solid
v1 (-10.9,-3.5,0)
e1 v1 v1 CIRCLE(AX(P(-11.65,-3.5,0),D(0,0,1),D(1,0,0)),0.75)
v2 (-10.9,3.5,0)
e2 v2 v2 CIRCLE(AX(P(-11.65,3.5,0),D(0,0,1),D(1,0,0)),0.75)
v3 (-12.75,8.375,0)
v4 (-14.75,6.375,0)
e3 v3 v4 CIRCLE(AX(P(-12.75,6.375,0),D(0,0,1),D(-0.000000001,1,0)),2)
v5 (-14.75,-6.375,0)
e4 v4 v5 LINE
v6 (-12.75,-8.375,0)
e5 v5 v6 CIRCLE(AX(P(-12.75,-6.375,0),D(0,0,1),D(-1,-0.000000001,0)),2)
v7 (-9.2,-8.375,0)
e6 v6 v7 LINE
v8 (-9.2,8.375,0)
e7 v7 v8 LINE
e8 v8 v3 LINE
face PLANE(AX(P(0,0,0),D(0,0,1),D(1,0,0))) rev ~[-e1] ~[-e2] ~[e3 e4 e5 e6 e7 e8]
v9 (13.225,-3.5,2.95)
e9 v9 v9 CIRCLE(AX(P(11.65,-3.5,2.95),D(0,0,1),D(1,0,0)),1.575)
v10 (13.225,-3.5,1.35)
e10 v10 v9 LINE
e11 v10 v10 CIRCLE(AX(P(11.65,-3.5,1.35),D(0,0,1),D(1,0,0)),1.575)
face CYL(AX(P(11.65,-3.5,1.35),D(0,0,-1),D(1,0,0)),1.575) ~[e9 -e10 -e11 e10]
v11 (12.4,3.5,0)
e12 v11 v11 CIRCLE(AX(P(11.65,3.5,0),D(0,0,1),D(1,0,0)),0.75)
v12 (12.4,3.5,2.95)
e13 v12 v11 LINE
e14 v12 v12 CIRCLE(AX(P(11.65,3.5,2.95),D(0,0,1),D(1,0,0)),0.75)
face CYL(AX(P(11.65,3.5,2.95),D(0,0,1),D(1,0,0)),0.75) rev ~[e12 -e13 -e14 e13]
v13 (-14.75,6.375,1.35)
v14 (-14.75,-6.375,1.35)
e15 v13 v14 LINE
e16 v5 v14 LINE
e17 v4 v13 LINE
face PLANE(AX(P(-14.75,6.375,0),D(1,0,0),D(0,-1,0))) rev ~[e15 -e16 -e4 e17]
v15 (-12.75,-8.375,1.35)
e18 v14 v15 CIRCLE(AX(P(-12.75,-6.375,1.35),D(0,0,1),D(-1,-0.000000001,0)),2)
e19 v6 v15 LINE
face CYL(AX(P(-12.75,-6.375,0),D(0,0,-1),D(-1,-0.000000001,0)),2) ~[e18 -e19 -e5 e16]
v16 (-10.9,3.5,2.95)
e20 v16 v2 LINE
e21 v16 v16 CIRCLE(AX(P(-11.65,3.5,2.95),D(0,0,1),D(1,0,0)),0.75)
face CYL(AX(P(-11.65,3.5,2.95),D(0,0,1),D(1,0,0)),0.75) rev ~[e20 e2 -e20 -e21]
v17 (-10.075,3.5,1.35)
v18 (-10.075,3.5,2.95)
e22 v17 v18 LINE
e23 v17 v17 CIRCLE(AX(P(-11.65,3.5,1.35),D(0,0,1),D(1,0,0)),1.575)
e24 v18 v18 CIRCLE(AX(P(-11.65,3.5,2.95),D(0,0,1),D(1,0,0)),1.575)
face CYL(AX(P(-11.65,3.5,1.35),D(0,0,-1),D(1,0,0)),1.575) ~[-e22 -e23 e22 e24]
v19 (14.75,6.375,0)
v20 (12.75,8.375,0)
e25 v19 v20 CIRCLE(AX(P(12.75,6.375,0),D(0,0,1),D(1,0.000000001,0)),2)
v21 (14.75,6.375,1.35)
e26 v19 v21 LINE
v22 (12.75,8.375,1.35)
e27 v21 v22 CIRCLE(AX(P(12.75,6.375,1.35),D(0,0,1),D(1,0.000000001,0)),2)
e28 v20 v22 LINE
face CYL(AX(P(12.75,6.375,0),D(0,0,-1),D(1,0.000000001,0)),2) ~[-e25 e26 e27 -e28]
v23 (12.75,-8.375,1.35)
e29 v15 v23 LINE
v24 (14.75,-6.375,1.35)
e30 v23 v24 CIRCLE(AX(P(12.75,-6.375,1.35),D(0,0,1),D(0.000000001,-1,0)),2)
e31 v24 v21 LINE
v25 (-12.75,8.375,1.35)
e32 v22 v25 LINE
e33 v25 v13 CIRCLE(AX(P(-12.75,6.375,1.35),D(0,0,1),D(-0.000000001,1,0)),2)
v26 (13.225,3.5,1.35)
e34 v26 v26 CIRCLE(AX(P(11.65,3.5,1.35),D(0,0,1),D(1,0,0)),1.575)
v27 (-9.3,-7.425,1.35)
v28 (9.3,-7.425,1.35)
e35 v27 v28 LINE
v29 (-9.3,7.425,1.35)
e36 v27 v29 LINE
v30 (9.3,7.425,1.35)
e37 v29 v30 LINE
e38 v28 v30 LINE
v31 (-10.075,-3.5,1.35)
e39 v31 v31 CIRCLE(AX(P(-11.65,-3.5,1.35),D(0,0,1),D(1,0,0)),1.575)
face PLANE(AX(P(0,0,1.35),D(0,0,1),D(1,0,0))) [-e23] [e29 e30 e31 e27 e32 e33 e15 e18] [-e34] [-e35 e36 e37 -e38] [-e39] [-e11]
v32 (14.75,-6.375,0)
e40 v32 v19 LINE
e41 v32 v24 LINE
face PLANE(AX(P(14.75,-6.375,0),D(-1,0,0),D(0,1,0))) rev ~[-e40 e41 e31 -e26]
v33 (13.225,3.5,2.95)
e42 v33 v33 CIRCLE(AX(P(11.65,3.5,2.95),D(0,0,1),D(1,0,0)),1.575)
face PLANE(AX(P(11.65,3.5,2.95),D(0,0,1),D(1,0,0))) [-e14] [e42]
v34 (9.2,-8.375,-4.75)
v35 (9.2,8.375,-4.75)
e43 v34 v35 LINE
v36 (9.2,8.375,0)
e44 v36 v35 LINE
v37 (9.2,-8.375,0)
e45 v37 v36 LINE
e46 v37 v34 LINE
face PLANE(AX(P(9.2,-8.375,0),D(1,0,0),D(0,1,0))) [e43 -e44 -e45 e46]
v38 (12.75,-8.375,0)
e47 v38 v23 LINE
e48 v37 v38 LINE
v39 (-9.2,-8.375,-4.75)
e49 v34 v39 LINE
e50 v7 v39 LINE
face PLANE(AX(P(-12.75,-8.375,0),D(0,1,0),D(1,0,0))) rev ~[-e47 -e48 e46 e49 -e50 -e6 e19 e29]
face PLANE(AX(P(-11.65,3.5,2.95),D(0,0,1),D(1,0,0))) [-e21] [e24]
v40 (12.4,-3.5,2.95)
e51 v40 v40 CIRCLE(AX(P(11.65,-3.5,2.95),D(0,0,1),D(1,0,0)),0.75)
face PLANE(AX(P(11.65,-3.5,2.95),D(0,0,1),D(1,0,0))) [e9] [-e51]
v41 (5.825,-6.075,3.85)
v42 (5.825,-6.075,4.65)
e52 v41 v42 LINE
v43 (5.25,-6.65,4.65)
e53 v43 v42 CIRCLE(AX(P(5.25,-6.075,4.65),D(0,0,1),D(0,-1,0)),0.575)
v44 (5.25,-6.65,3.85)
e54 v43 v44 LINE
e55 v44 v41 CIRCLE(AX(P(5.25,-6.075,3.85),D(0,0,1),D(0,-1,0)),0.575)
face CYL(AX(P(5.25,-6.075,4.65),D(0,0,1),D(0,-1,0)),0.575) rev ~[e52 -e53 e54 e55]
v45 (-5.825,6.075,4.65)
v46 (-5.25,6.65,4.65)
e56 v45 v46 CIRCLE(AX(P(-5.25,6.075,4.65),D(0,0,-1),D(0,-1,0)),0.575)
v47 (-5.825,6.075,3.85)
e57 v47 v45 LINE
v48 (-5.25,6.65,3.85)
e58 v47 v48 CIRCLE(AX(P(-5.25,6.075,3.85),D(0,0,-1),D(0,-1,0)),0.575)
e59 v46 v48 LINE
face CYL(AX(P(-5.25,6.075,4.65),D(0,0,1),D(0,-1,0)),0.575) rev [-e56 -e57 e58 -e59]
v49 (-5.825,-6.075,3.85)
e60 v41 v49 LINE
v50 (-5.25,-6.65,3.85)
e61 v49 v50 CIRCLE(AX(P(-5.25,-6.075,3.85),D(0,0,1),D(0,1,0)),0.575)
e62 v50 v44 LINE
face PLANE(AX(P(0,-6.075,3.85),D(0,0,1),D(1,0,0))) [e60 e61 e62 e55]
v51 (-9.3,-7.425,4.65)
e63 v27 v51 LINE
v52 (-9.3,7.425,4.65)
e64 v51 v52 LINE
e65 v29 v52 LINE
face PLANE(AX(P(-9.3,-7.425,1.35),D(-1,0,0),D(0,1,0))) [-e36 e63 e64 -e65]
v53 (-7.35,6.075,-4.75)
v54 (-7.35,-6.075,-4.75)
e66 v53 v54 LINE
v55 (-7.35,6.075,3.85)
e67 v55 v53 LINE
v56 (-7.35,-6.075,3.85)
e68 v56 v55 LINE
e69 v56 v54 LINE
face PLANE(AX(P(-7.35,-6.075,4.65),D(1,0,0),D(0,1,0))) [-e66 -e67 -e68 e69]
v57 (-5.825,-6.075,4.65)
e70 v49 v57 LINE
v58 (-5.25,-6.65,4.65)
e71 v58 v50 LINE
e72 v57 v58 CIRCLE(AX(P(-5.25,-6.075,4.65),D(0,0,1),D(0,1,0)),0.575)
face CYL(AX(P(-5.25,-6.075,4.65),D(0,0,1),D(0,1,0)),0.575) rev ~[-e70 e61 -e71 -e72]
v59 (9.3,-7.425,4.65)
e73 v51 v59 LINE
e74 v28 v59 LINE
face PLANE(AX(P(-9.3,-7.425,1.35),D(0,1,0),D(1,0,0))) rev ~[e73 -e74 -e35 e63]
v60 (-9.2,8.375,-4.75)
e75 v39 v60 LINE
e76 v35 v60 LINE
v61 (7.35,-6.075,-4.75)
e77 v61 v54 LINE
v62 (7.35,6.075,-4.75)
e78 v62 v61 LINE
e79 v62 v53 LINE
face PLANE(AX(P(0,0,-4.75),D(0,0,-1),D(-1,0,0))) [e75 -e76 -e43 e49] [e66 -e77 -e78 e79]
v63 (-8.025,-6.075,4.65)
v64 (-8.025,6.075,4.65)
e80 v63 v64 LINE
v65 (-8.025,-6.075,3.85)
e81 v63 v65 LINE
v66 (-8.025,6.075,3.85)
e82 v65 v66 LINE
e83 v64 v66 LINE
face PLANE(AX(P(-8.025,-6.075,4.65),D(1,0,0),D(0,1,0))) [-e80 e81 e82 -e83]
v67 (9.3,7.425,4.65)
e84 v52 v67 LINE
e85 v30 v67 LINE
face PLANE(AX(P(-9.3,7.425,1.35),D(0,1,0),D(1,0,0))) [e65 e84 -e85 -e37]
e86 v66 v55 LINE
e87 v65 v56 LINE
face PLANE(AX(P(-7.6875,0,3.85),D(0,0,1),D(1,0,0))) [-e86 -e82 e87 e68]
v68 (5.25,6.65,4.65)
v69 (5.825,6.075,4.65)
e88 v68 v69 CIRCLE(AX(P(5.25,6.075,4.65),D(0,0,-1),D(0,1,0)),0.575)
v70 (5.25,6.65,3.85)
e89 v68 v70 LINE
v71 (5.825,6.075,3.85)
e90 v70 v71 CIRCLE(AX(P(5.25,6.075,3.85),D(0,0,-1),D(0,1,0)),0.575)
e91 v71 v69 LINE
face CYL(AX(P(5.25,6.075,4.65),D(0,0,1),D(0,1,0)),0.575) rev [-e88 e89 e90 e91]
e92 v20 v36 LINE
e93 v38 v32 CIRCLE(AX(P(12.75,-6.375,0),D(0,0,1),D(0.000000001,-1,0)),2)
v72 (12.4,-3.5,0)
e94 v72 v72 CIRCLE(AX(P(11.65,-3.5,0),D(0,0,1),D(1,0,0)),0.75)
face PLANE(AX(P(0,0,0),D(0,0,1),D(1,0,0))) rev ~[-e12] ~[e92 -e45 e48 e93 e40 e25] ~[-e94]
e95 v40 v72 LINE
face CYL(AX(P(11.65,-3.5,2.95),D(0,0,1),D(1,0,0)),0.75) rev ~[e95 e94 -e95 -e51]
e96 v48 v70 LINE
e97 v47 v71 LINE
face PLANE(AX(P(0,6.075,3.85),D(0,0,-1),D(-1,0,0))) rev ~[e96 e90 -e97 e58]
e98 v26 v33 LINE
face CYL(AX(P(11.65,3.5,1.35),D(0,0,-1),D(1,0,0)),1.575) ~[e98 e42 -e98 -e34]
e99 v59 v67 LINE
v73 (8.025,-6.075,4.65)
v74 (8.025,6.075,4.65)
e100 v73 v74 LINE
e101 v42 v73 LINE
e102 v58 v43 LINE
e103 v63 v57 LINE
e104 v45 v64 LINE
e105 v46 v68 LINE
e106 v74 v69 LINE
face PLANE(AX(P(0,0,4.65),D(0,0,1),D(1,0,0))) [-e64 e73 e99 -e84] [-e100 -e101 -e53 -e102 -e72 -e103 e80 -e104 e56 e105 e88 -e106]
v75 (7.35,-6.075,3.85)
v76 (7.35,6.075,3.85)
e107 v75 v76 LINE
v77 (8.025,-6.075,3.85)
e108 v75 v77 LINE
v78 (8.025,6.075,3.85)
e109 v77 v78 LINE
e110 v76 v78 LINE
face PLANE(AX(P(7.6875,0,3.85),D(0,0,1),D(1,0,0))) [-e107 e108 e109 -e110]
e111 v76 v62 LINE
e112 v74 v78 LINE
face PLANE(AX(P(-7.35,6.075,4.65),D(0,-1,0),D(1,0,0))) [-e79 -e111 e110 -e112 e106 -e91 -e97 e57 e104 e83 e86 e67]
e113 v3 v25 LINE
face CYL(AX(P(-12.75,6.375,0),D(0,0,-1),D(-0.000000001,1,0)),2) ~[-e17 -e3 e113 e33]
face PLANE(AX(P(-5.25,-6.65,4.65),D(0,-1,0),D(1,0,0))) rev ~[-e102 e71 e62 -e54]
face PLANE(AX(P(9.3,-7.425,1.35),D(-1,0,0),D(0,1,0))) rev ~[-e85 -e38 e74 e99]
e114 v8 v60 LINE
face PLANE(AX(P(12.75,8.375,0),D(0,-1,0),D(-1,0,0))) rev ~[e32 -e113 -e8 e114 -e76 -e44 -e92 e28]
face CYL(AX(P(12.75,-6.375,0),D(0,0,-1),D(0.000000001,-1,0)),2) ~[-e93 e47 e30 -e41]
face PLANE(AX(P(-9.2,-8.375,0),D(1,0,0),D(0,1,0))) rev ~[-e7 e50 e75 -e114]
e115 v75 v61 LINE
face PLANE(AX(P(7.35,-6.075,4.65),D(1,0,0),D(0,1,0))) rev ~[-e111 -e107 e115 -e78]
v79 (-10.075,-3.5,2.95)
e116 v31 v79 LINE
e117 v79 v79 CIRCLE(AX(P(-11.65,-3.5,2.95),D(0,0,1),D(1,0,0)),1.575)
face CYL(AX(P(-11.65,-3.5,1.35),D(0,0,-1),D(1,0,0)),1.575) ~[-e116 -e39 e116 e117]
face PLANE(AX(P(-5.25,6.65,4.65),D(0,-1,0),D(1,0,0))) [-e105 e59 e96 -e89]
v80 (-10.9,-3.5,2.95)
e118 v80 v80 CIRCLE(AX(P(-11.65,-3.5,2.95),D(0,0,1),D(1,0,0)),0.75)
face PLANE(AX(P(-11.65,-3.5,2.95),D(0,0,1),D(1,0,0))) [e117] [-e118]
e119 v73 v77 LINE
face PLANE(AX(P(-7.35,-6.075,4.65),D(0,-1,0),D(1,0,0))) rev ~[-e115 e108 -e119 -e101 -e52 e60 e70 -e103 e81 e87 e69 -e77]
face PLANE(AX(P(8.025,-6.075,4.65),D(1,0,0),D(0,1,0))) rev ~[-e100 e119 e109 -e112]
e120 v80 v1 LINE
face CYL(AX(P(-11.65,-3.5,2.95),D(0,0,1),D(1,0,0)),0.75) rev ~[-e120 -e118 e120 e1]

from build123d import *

# Parameters (mm, degrees)
EXTRUDE_1_DEPTH     = 1.35
SKETCH_8_W          = 18.4
SKETCH_8_H          = 16.75
EXTRUDE_4_DEPTH     = 4.75
SKETCH_2_R          = 1.575
EXTRUDE_2_DEPTH     = 1.6
SKETCH_4_W          = 18.6
SKETCH_4_H          = 14.85
EXTRUDE_3_DEPTH     = 3.3
SKETCH_3_W          = 14.7
SKETCH_3_H          = 12.15
CUT_EXTRUDE_1_DEPTH = 10.4
SKETCH_5_W          = 0.675
SKETCH_5_H          = 12.15
CUT_EXTRUDE_2_DEPTH = 0.8
SKETCH_6_R          = 0.75
CUT_EXTRUDE_3_DEPTH = 8.7


with BuildPart() as part:
    # Эскиз1 → Бобышка-Вытянуть1 (new body)
    with BuildSketch(Plane.XY):
        with BuildLine():
            Line((-12.75, -8.375), (12.75, -8.375))
            ThreePointArc((12.75, -8.375), (14.164213562, -7.789213562), (14.75, -6.375))
            Line((14.75, -6.375), (14.75, 6.375))
            ThreePointArc((14.75, 6.375), (14.164213562, 7.789213562), (12.75, 8.375))
            Line((12.75, 8.375), (-12.75, 8.375))
            ThreePointArc((-12.75, 8.375), (-14.164213562, 7.789213562), (-14.75, 6.375))
            Line((-14.75, 6.375), (-14.75, -6.375))
            ThreePointArc((-14.75, -6.375), (-14.164213562, -7.789213562), (-12.75, -8.375))
        make_face()
    extrude(amount=EXTRUDE_1_DEPTH)

    # Эскиз8 → Бобышка-Вытянуть4 (add)
    with BuildSketch(Plane(origin=(0, 0, 0), x_dir=(-1, 0, 0), z_dir=(0, 0, -1))):
        Rectangle(SKETCH_8_W, SKETCH_8_H)
    extrude(amount=EXTRUDE_4_DEPTH)

    # Эскиз2 → Бобышка-Вытянуть2 (add)
    with BuildSketch(Plane.XY.offset(1.35)):
        with Locations((-11.65, 3.5)):
            Circle(SKETCH_2_R)
        with Locations((11.65, 3.5)):
            Circle(SKETCH_2_R)
        with Locations((11.65, -3.5)):
            Circle(SKETCH_2_R)
        with Locations((-11.65, -3.5)):
            Circle(SKETCH_2_R)
    extrude(amount=EXTRUDE_2_DEPTH)

    # Эскиз4 → Бобышка-Вытянуть3 (add)
    with BuildSketch(Plane.XY.offset(1.35)):
        Rectangle(SKETCH_4_W, SKETCH_4_H)
    extrude(amount=EXTRUDE_3_DEPTH)

    # Эскиз3 → Вырез-Вытянуть1 (cut, through all)
    with BuildSketch(Plane.XY.offset(4.65)):
        Rectangle(SKETCH_3_W, SKETCH_3_H)
    extrude(amount=-CUT_EXTRUDE_1_DEPTH, mode=Mode.SUBTRACT)

    # Эскиз5 → Вырез-Вытянуть2 (cut)
    with BuildSketch(Plane.XY.offset(4.65)):
        with BuildLine():
            Line((-5.25, 6.65), (5.25, 6.65))
            ThreePointArc((5.25, 6.65), (5.825, 6.075), (5.25, 5.5))
            Line((5.25, 5.5), (-5.25, 5.5))
            ThreePointArc((-5.25, 5.5), (-5.825, 6.075), (-5.25, 6.65))
        make_face()
        with BuildLine():
            Line((-5.25, -6.65), (5.25, -6.65))
            ThreePointArc((5.25, -6.65), (5.825, -6.075), (5.25, -5.5))
            Line((5.25, -5.5), (-5.25, -5.5))
            ThreePointArc((-5.25, -5.5), (-5.825, -6.075), (-5.25, -6.65))
        make_face()
        with Locations((-7.6875, 0)):
            Rectangle(SKETCH_5_W, SKETCH_5_H)
        with Locations((7.6875, 0)):
            Rectangle(SKETCH_5_W, SKETCH_5_H)
    extrude(amount=-CUT_EXTRUDE_2_DEPTH, mode=Mode.SUBTRACT)

    # Эскиз6 → Вырез-Вытянуть3 (cut, through all)
    with BuildSketch(Plane.XY.offset(2.95)):
        with Locations((-11.65, 3.5)):
            Circle(SKETCH_6_R)
        with Locations((-11.65, -3.5)):
            Circle(SKETCH_6_R)
        with Locations((11.65, 3.5)):
            Circle(SKETCH_6_R)
        with Locations((11.65, -3.5)):
            Circle(SKETCH_6_R)
    extrude(amount=-CUT_EXTRUDE_3_DEPTH, mode=Mode.SUBTRACT)


solid = part.part
